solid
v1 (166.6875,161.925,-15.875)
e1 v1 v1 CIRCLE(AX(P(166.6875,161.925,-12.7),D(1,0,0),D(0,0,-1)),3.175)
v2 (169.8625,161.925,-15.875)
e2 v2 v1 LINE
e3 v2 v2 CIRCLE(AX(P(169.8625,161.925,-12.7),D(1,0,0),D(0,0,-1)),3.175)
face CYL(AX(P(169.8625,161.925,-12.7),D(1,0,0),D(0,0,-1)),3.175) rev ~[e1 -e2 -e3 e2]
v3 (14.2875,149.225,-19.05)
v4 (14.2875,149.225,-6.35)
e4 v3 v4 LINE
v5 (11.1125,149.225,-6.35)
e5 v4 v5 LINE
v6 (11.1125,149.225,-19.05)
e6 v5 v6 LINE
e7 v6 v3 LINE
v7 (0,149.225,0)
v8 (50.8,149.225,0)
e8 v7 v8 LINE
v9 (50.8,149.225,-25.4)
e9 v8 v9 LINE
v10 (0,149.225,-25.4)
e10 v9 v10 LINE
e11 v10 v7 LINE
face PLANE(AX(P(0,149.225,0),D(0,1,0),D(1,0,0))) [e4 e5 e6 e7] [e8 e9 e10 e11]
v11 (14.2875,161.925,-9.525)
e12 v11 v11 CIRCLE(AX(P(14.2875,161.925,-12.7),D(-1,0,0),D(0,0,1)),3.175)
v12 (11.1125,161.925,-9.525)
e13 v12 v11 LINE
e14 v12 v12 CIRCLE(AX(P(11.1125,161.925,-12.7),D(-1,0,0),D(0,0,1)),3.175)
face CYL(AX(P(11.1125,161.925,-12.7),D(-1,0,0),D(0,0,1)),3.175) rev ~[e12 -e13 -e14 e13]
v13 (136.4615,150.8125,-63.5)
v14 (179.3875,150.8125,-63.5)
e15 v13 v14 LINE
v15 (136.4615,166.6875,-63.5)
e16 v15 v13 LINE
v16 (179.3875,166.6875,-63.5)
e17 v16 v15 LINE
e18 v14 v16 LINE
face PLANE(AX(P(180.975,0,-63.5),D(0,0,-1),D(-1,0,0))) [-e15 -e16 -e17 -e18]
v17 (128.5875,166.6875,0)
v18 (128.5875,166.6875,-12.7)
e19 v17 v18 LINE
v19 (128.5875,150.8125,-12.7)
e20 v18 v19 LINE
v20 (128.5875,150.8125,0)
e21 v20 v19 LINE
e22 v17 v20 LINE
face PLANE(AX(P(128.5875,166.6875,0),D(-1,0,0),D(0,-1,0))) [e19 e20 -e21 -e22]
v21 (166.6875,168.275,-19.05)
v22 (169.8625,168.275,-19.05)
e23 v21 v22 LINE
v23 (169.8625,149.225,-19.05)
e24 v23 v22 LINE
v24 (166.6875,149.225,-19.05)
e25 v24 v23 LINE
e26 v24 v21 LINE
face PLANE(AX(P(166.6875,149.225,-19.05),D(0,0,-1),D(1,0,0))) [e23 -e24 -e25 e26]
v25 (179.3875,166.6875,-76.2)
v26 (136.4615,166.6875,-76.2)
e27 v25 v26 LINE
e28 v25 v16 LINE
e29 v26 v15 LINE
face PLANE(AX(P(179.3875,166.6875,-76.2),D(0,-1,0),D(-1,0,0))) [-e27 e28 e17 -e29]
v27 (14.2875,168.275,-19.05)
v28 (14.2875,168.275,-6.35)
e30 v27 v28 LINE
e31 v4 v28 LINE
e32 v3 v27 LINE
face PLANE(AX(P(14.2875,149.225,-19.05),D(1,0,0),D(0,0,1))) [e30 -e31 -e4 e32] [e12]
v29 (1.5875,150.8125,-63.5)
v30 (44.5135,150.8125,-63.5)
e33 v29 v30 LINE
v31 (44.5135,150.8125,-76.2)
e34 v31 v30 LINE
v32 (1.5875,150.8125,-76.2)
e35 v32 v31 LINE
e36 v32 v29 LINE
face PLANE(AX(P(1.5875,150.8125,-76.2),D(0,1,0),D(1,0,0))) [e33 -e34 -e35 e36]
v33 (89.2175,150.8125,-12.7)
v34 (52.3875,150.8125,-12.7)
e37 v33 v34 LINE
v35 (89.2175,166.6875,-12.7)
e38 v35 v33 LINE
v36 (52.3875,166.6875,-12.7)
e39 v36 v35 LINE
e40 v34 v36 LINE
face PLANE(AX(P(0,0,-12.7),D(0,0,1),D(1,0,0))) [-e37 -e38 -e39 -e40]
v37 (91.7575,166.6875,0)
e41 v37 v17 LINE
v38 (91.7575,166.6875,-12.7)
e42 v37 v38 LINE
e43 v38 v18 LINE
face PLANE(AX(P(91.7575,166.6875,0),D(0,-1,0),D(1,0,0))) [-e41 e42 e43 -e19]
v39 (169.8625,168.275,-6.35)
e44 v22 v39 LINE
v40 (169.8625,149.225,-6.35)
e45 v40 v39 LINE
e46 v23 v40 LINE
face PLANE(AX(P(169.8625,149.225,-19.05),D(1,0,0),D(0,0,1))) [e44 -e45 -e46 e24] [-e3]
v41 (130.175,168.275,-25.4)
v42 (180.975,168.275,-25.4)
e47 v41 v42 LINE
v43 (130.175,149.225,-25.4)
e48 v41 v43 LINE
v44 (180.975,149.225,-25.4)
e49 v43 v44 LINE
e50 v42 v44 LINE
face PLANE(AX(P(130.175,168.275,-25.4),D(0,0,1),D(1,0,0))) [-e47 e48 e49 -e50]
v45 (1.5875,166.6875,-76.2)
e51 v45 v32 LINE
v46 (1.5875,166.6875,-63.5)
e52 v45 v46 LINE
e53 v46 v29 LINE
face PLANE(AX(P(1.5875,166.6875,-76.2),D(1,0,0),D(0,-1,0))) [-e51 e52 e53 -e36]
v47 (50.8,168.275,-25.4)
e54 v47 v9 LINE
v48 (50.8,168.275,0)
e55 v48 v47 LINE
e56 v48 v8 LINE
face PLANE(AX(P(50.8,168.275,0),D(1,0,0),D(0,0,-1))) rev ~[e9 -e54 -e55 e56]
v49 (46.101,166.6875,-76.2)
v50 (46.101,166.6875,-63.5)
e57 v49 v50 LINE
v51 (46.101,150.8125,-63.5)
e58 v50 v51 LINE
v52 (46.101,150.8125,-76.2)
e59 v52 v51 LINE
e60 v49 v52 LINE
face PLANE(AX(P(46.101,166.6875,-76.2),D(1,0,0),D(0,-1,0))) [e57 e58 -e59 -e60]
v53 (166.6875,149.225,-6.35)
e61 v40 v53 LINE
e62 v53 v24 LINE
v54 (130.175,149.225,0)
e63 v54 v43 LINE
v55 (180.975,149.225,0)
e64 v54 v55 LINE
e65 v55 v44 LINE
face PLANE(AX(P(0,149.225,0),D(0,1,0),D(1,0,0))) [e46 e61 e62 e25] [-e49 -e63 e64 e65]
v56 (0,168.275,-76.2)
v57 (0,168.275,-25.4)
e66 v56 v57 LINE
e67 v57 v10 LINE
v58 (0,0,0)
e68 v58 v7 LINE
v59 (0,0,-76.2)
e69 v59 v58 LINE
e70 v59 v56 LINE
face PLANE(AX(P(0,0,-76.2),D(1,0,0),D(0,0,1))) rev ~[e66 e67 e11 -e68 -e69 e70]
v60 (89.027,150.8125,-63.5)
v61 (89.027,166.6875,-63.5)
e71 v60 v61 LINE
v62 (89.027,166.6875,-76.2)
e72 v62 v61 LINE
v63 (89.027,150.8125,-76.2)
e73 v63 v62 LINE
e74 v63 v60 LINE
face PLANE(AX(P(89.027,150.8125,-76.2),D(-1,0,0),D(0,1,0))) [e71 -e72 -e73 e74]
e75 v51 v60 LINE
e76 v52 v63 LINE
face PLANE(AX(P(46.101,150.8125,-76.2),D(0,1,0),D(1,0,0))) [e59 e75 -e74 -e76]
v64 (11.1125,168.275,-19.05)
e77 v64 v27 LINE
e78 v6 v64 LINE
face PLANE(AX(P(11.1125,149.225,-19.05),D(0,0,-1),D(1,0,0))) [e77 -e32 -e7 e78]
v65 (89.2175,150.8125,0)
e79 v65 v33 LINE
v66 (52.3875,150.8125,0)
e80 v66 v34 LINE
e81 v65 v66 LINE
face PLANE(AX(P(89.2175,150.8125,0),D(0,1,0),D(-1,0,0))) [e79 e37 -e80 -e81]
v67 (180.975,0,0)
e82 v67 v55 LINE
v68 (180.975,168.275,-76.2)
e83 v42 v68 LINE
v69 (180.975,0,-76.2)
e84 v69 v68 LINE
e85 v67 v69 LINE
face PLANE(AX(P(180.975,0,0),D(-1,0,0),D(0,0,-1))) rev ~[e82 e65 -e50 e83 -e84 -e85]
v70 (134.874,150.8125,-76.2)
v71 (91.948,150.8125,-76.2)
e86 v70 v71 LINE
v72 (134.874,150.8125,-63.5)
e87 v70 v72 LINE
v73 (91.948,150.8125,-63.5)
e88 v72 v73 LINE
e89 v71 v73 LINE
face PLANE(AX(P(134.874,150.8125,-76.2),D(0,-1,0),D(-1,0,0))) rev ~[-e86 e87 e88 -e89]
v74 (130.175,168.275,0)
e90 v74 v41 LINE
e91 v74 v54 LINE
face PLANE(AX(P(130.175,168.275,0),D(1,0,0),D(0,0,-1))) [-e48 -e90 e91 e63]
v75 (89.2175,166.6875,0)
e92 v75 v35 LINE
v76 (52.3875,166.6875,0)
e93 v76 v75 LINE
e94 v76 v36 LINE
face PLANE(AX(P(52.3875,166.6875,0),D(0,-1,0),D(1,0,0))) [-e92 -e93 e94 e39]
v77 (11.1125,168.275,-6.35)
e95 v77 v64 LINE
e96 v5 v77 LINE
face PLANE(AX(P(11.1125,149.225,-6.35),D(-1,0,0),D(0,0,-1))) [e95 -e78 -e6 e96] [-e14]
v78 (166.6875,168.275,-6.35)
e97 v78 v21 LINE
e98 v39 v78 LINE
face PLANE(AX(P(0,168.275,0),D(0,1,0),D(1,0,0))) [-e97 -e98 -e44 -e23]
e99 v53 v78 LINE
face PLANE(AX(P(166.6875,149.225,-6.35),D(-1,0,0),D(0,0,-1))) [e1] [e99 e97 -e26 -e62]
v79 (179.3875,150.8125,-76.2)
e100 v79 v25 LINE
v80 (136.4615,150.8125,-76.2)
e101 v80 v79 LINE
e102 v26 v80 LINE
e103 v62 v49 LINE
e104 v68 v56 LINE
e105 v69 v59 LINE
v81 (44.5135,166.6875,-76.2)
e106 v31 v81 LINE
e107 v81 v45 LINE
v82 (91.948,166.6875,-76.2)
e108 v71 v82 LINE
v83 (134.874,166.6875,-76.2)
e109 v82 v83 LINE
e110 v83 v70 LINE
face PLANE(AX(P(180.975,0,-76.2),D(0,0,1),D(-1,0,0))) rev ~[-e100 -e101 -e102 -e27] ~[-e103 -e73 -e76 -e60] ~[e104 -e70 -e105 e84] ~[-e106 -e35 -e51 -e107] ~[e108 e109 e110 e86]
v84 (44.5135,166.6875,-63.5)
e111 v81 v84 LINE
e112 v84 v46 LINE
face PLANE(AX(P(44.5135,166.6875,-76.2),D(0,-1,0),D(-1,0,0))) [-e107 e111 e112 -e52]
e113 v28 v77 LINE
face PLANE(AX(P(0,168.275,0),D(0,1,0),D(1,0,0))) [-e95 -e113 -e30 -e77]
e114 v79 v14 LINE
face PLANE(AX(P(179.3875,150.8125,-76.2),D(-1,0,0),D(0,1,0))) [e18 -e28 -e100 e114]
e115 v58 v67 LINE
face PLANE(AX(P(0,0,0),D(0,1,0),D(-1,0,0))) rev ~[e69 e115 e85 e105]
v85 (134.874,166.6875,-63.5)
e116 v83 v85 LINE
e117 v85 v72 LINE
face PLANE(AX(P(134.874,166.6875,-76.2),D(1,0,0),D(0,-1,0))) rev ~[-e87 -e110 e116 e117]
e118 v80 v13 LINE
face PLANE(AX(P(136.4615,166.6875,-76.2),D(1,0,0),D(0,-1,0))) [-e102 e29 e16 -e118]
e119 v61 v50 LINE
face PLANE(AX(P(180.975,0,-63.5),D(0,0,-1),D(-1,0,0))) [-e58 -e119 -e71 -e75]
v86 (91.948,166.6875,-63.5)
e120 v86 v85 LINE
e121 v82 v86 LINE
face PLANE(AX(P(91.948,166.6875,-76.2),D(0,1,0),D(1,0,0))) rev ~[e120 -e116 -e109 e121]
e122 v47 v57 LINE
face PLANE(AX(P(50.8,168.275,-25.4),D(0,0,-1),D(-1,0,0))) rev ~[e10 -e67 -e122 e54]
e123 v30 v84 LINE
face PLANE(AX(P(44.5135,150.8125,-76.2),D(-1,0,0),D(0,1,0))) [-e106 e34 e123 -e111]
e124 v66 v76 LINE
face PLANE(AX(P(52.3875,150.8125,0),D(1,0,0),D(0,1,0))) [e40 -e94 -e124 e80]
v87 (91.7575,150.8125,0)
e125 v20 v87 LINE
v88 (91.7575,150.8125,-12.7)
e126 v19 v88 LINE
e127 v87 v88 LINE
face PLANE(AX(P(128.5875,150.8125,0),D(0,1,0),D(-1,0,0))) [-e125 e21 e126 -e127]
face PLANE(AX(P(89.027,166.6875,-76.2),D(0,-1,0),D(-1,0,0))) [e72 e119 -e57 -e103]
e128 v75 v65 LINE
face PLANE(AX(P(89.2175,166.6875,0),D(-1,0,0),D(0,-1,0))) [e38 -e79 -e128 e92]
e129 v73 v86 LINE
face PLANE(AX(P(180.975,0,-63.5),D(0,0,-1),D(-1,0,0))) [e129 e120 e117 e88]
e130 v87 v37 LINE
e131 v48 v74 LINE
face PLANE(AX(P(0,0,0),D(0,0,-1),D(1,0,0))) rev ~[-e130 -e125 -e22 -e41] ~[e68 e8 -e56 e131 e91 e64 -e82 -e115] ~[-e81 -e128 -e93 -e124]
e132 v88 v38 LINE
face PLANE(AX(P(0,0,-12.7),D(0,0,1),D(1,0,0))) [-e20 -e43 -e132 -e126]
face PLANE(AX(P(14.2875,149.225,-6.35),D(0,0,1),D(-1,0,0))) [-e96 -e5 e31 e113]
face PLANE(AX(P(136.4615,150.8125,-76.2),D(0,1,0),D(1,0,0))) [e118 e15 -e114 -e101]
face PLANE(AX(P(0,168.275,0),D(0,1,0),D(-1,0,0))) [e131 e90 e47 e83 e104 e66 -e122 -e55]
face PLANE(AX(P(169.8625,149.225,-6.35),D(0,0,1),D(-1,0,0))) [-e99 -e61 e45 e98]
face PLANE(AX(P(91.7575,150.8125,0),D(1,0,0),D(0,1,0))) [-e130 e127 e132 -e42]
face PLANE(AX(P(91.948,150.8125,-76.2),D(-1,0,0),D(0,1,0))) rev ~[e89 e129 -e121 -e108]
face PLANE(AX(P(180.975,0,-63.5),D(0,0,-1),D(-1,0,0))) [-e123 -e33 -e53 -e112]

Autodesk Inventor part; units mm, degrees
ref_plane "YZ Plane" through (0, 0, 0) normal (1, 0, 0) x (0, 1, 0)
ref_plane "XZ Plane" through (0, 0, 0) normal (0, 1, 0) x (-1, 0, 0)
ref_plane "XY Plane" through (0, 0, 0) normal (0, 0, 1) x (1, 0, 0)
sketch "Sketch1" plane through (0, 0, 0) normal (0, 1, 0) x (-1, 0, 0)
  line L0 (0, 0) -> (-180.975, 0)
  line L1 (-180.975, 0) -> (-180.975, -76.2)
  line L2 (-180.975, -76.2) -> (0, -76.2)
  line L3 (0, -76.2) -> (0, 0)
  dimension "d0" = 180.975
  dimension "d1" = 76.2
extrude "Extrusion1" add sketch "Sketch1" along normal blind 168.275
sketch "Sketch2" plane through (0, 168.275, 0) normal (0, 1, 0) x (1, 0, 0)
  line L0 (0, 0) -> (180.975, 0) projected
  line L1 (180.975, 0) -> (180.975, 76.2) projected
  line L2 (180.975, 76.2) -> (0, 76.2) projected
  line L3 (0, 76.2) -> (0, 0) projected
  line L4 (0, 0) -> (50.8, 0)
  line L5 (50.8, 0) -> (50.8, 25.4)
  line L6 (50.8, 25.4) -> (0, 25.4)
  line L7 (0, 25.4) -> (0, 0)
  line L8 (180.975, 0) -> (130.175, 0)
  line L9 (130.175, 0) -> (130.175, 25.4)
  line L10 (130.175, 25.4) -> (180.975, 25.4)
  line L11 (180.975, 25.4) -> (180.975, 0)
  dimension "d4" = 50.8
  dimension "d5" = 25.4
  dimension "d6" = 50.8
  dimension "d7" = 25.4
extrude "Extrusion2" cut sketch "Sketch2" against normal blind 19.05 contours L3 L6 L5 L0 | L9 L10 L1 L0
sketch "Sketch3" plane through (0, 0, 0) normal (0, 0, 1) x (1, 0, 0)
  line L0 (50.8, 168.275) -> (50.8, 149.225) construction
  line L1 (50.8, 149.225) -> (0, 149.225) projected
  line L2 (0, 0) -> (0, 149.225) projected
  line L3 (0, 0) -> (180.975, 0) projected
  line L4 (180.975, 0) -> (180.975, 149.225) projected
  line L5 (180.975, 149.225) -> (130.175, 149.225) projected
  line L6 (130.175, 149.225) -> (130.175, 168.275) construction
  line L7 (50.8, 168.275) -> (130.175, 168.275) construction
  line L8 (50.8, 168.275) -> (130.175, 168.275)
  line L9 (130.175, 168.275) -> (130.175, 149.225)
  line L10 (130.175, 149.225) -> (50.8, 149.225) construction
  line L11 (50.8, 149.225) -> (50.8, 168.275)
  line L12 (52.3875, 150.8125) -> (128.5875, 150.8125) construction
  line L13 (128.5875, 150.8125) -> (128.5875, 166.6875) construction
  line L14 (128.5875, 166.6875) -> (52.3875, 166.6875) construction
  line L15 (52.3875, 166.6875) -> (52.3875, 150.8125) construction
  line L16 (52.3875, 166.6875) -> (89.2175, 166.6875)
  line L17 (89.2175, 166.6875) -> (89.2175, 150.8125)
  line L18 (89.2175, 150.8125) -> (52.3875, 150.8125)
  line L19 (52.3875, 150.8125) -> (52.3875, 166.6875)
  line L20 (128.5875, 150.8125) -> (91.7575, 150.8125)
  line L21 (91.7575, 150.8125) -> (91.7575, 166.6875)
  line L22 (91.7575, 166.6875) -> (128.5875, 166.6875)
  line L23 (128.5875, 166.6875) -> (128.5875, 150.8125)
  dimension "d10" = 1.5875
  dimension "d11" = 36.83
  dimension "d12" = 36.83
extrude "Extrusion3" cut sketch "Sketch3" against normal blind 12.7 contours L16 L17 L18 L19 | L20 L21 L22 L23
sketch "Sketch4" plane through (180.975, 0, -76.2) normal (0, 0, -1) x (-1, 0, 0)
  line L0 (0, 0) -> (180.975, 0) construction
  line L1 (180.975, 0) -> (180.975, 168.275) construction
  line L2 (0, 168.275) -> (180.975, 168.275) construction
  line L3 (0, 0) -> (0, 168.275) construction
  line L4 (0, 168.275) -> (180.975, 168.275) construction
  line L5 (180.975, 168.275) -> (180.975, 149.225) construction
  line L6 (180.975, 149.225) -> (0, 149.225) construction
  line L7 (0, 149.225) -> (0, 168.275) construction
  line L8 (1.5875, 150.8125) -> (179.3875, 150.8125) construction
  line L9 (179.3875, 150.8125) -> (179.3875, 166.6875) construction
  line L10 (179.3875, 166.6875) -> (1.5875, 166.6875) construction
  line L11 (1.5875, 166.6875) -> (1.5875, 150.8125) construction
  line L12 (1.5875, 166.6875) -> (44.5135, 166.6875)
  line L13 (44.5135, 166.6875) -> (44.5135, 150.8125)
  line L14 (44.5135, 150.8125) -> (1.5875, 150.8125)
  line L15 (1.5875, 150.8125) -> (1.5875, 166.6875)
  line L16 (179.3875, 150.8125) -> (136.4615, 150.8125)
  line L17 (136.4615, 150.8125) -> (136.4615, 166.6875)
  line L18 (136.4615, 166.6875) -> (179.3875, 166.6875)
  line L19 (179.3875, 166.6875) -> (179.3875, 150.8125)
  line L20 (46.101, 150.8125) -> (89.027, 150.8125)
  line L21 (89.027, 150.8125) -> (89.027, 166.6875)
  line L22 (89.027, 166.6875) -> (46.101, 166.6875)
  line L23 (46.101, 166.6875) -> (46.101, 150.8125)
  line L24 (134.874, 150.8125) -> (91.948, 150.8125)
  line L25 (91.948, 150.8125) -> (91.948, 166.6875)
  line L26 (91.948, 166.6875) -> (134.874, 166.6875)
  line L27 (134.874, 166.6875) -> (134.874, 150.8125)
  dimension "d15" = 1.5875
  dimension "d16" = 42.926
  dimension "d17" = 42.926
  dimension "d18" = 42.926
  dimension "d19" = 42.926
  dimension "d20" = 1.5875
  dimension "d21" = 1.5875
extrude "Extrusion4" cut sketch "Sketch4" against normal blind 12.7
sketch "Sketch5" plane through (0, 149.225, 0) normal (0, 1, 0) x (1, 0, 0)
  line L0 (50.8, 0) -> (0, 0) projected
  line L1 (50.8, 25.4) -> (50.8, 0) projected
  line L2 (0, 25.4) -> (50.8, 25.4) projected
  line L3 (0, 0) -> (0, 25.4) projected
  line L4 (180.975, 25.4) -> (180.975, 0) projected
  line L5 (130.175, 25.4) -> (180.975, 25.4) projected
  line L6 (130.175, 0) -> (130.175, 25.4) projected
  line L7 (180.975, 0) -> (130.175, 0) projected
  line L8 (0, 0) -> (12.7, 0) construction
  line L9 (12.7, 0) -> (12.7, 12.7) construction
  line L10 (12.7, 12.7) -> (0, 12.7) construction
  line L11 (0, 12.7) -> (0, 0) construction
  line L12 (180.975, 0) -> (168.275, 0) construction
  line L13 (168.275, 0) -> (168.275, 12.7) construction
  line L14 (168.275, 12.7) -> (180.975, 12.7) construction
  line L15 (180.975, 12.7) -> (180.975, 0) construction
  line L16 (11.1125, 19.05) -> (14.2875, 19.05)
  line L17 (14.2875, 19.05) -> (14.2875, 6.35)
  line L18 (14.2875, 6.35) -> (11.1125, 6.35)
  line L19 (11.1125, 6.35) -> (11.1125, 19.05)
  line L20 (11.1125, 19.05) -> (14.2875, 6.35) construction
  line L21 (14.2875, 19.05) -> (11.1125, 6.35) construction
  line L22 (169.8625, 6.35) -> (166.6875, 6.35)
  line L23 (166.6875, 6.35) -> (166.6875, 19.05)
  line L24 (166.6875, 19.05) -> (169.8625, 19.05)
  line L25 (169.8625, 19.05) -> (169.8625, 6.35)
  line L26 (169.8625, 6.35) -> (166.6875, 19.05) construction
  line L27 (166.6875, 6.35) -> (169.8625, 19.05) construction
  dimension "d24" = 12.7
  dimension "d25" = 12.7
  dimension "d26" = 12.7
  dimension "d27" = 12.7
  dimension "d28" = 3.175
  dimension "d29" = 12.7
  dimension "d30" = 3.175
  dimension "d31" = 12.7
extrude "Extrusion5" add sketch "Sketch5" along normal blind 19.05 contours L16 L17 L18 L19 | L22 L23 L24 L25
sketch "Sketch6" plane through (169.8625, 149.225, -6.35) normal (1, 0, 0) x (0, 0, -1)
  line L0 (12.7, 0) -> (0, 0) construction
  line L1 (12.7, 0) -> (12.7, 19.05) construction
  line L2 (0, 19.05) -> (12.7, 19.05) construction
  line L3 (0, 0) -> (0, 19.05) construction
  line L4 (0, 19.05) -> (6.35, 19.05) construction
  line L5 (6.35, 19.05) -> (6.35, 12.7) construction
  line L6 (6.35, 12.7) -> (0, 12.7) construction
  line L7 (0, 12.7) -> (0, 19.05) construction
  circle A0 centre (6.35, 12.7) radius 3.175
  point P0 (-6.35, -149.225)
  dimension "d34" = 6.35
  dimension "d35" = 6.35
  dimension "d36" = 6.35
extrude "Extrusion6" cut sketch "Sketch6" against normal blind 25.4
sketch "Sketch7" plane through (11.1125, 149.225, -19.05) normal (-1, 0, 0) x (0, 0, 1)
  line L0 (12.7, 0) -> (0, 0) construction
  line L1 (12.7, 0) -> (12.7, 19.05) construction
  line L2 (0, 19.05) -> (12.7, 19.05) construction
  line L3 (0, 0) -> (0, 19.05) construction
  line L4 (12.7, 19.05) -> (6.35, 19.05) construction
  line L5 (6.35, 19.05) -> (6.35, 12.7) construction
  line L6 (6.35, 12.7) -> (12.7, 12.7) construction
  line L7 (12.7, 12.7) -> (12.7, 19.05) construction
  circle A0 centre (6.35, 12.7) radius 3.175
  point P0 (19.05, -149.225)
  dimension "d39" = 6.35
  dimension "d40" = 6.35
  dimension "d41" = 6.35
extrude "Extrusion7" cut sketch "Sketch7" against normal blind 25.4
properties part number "battery"
